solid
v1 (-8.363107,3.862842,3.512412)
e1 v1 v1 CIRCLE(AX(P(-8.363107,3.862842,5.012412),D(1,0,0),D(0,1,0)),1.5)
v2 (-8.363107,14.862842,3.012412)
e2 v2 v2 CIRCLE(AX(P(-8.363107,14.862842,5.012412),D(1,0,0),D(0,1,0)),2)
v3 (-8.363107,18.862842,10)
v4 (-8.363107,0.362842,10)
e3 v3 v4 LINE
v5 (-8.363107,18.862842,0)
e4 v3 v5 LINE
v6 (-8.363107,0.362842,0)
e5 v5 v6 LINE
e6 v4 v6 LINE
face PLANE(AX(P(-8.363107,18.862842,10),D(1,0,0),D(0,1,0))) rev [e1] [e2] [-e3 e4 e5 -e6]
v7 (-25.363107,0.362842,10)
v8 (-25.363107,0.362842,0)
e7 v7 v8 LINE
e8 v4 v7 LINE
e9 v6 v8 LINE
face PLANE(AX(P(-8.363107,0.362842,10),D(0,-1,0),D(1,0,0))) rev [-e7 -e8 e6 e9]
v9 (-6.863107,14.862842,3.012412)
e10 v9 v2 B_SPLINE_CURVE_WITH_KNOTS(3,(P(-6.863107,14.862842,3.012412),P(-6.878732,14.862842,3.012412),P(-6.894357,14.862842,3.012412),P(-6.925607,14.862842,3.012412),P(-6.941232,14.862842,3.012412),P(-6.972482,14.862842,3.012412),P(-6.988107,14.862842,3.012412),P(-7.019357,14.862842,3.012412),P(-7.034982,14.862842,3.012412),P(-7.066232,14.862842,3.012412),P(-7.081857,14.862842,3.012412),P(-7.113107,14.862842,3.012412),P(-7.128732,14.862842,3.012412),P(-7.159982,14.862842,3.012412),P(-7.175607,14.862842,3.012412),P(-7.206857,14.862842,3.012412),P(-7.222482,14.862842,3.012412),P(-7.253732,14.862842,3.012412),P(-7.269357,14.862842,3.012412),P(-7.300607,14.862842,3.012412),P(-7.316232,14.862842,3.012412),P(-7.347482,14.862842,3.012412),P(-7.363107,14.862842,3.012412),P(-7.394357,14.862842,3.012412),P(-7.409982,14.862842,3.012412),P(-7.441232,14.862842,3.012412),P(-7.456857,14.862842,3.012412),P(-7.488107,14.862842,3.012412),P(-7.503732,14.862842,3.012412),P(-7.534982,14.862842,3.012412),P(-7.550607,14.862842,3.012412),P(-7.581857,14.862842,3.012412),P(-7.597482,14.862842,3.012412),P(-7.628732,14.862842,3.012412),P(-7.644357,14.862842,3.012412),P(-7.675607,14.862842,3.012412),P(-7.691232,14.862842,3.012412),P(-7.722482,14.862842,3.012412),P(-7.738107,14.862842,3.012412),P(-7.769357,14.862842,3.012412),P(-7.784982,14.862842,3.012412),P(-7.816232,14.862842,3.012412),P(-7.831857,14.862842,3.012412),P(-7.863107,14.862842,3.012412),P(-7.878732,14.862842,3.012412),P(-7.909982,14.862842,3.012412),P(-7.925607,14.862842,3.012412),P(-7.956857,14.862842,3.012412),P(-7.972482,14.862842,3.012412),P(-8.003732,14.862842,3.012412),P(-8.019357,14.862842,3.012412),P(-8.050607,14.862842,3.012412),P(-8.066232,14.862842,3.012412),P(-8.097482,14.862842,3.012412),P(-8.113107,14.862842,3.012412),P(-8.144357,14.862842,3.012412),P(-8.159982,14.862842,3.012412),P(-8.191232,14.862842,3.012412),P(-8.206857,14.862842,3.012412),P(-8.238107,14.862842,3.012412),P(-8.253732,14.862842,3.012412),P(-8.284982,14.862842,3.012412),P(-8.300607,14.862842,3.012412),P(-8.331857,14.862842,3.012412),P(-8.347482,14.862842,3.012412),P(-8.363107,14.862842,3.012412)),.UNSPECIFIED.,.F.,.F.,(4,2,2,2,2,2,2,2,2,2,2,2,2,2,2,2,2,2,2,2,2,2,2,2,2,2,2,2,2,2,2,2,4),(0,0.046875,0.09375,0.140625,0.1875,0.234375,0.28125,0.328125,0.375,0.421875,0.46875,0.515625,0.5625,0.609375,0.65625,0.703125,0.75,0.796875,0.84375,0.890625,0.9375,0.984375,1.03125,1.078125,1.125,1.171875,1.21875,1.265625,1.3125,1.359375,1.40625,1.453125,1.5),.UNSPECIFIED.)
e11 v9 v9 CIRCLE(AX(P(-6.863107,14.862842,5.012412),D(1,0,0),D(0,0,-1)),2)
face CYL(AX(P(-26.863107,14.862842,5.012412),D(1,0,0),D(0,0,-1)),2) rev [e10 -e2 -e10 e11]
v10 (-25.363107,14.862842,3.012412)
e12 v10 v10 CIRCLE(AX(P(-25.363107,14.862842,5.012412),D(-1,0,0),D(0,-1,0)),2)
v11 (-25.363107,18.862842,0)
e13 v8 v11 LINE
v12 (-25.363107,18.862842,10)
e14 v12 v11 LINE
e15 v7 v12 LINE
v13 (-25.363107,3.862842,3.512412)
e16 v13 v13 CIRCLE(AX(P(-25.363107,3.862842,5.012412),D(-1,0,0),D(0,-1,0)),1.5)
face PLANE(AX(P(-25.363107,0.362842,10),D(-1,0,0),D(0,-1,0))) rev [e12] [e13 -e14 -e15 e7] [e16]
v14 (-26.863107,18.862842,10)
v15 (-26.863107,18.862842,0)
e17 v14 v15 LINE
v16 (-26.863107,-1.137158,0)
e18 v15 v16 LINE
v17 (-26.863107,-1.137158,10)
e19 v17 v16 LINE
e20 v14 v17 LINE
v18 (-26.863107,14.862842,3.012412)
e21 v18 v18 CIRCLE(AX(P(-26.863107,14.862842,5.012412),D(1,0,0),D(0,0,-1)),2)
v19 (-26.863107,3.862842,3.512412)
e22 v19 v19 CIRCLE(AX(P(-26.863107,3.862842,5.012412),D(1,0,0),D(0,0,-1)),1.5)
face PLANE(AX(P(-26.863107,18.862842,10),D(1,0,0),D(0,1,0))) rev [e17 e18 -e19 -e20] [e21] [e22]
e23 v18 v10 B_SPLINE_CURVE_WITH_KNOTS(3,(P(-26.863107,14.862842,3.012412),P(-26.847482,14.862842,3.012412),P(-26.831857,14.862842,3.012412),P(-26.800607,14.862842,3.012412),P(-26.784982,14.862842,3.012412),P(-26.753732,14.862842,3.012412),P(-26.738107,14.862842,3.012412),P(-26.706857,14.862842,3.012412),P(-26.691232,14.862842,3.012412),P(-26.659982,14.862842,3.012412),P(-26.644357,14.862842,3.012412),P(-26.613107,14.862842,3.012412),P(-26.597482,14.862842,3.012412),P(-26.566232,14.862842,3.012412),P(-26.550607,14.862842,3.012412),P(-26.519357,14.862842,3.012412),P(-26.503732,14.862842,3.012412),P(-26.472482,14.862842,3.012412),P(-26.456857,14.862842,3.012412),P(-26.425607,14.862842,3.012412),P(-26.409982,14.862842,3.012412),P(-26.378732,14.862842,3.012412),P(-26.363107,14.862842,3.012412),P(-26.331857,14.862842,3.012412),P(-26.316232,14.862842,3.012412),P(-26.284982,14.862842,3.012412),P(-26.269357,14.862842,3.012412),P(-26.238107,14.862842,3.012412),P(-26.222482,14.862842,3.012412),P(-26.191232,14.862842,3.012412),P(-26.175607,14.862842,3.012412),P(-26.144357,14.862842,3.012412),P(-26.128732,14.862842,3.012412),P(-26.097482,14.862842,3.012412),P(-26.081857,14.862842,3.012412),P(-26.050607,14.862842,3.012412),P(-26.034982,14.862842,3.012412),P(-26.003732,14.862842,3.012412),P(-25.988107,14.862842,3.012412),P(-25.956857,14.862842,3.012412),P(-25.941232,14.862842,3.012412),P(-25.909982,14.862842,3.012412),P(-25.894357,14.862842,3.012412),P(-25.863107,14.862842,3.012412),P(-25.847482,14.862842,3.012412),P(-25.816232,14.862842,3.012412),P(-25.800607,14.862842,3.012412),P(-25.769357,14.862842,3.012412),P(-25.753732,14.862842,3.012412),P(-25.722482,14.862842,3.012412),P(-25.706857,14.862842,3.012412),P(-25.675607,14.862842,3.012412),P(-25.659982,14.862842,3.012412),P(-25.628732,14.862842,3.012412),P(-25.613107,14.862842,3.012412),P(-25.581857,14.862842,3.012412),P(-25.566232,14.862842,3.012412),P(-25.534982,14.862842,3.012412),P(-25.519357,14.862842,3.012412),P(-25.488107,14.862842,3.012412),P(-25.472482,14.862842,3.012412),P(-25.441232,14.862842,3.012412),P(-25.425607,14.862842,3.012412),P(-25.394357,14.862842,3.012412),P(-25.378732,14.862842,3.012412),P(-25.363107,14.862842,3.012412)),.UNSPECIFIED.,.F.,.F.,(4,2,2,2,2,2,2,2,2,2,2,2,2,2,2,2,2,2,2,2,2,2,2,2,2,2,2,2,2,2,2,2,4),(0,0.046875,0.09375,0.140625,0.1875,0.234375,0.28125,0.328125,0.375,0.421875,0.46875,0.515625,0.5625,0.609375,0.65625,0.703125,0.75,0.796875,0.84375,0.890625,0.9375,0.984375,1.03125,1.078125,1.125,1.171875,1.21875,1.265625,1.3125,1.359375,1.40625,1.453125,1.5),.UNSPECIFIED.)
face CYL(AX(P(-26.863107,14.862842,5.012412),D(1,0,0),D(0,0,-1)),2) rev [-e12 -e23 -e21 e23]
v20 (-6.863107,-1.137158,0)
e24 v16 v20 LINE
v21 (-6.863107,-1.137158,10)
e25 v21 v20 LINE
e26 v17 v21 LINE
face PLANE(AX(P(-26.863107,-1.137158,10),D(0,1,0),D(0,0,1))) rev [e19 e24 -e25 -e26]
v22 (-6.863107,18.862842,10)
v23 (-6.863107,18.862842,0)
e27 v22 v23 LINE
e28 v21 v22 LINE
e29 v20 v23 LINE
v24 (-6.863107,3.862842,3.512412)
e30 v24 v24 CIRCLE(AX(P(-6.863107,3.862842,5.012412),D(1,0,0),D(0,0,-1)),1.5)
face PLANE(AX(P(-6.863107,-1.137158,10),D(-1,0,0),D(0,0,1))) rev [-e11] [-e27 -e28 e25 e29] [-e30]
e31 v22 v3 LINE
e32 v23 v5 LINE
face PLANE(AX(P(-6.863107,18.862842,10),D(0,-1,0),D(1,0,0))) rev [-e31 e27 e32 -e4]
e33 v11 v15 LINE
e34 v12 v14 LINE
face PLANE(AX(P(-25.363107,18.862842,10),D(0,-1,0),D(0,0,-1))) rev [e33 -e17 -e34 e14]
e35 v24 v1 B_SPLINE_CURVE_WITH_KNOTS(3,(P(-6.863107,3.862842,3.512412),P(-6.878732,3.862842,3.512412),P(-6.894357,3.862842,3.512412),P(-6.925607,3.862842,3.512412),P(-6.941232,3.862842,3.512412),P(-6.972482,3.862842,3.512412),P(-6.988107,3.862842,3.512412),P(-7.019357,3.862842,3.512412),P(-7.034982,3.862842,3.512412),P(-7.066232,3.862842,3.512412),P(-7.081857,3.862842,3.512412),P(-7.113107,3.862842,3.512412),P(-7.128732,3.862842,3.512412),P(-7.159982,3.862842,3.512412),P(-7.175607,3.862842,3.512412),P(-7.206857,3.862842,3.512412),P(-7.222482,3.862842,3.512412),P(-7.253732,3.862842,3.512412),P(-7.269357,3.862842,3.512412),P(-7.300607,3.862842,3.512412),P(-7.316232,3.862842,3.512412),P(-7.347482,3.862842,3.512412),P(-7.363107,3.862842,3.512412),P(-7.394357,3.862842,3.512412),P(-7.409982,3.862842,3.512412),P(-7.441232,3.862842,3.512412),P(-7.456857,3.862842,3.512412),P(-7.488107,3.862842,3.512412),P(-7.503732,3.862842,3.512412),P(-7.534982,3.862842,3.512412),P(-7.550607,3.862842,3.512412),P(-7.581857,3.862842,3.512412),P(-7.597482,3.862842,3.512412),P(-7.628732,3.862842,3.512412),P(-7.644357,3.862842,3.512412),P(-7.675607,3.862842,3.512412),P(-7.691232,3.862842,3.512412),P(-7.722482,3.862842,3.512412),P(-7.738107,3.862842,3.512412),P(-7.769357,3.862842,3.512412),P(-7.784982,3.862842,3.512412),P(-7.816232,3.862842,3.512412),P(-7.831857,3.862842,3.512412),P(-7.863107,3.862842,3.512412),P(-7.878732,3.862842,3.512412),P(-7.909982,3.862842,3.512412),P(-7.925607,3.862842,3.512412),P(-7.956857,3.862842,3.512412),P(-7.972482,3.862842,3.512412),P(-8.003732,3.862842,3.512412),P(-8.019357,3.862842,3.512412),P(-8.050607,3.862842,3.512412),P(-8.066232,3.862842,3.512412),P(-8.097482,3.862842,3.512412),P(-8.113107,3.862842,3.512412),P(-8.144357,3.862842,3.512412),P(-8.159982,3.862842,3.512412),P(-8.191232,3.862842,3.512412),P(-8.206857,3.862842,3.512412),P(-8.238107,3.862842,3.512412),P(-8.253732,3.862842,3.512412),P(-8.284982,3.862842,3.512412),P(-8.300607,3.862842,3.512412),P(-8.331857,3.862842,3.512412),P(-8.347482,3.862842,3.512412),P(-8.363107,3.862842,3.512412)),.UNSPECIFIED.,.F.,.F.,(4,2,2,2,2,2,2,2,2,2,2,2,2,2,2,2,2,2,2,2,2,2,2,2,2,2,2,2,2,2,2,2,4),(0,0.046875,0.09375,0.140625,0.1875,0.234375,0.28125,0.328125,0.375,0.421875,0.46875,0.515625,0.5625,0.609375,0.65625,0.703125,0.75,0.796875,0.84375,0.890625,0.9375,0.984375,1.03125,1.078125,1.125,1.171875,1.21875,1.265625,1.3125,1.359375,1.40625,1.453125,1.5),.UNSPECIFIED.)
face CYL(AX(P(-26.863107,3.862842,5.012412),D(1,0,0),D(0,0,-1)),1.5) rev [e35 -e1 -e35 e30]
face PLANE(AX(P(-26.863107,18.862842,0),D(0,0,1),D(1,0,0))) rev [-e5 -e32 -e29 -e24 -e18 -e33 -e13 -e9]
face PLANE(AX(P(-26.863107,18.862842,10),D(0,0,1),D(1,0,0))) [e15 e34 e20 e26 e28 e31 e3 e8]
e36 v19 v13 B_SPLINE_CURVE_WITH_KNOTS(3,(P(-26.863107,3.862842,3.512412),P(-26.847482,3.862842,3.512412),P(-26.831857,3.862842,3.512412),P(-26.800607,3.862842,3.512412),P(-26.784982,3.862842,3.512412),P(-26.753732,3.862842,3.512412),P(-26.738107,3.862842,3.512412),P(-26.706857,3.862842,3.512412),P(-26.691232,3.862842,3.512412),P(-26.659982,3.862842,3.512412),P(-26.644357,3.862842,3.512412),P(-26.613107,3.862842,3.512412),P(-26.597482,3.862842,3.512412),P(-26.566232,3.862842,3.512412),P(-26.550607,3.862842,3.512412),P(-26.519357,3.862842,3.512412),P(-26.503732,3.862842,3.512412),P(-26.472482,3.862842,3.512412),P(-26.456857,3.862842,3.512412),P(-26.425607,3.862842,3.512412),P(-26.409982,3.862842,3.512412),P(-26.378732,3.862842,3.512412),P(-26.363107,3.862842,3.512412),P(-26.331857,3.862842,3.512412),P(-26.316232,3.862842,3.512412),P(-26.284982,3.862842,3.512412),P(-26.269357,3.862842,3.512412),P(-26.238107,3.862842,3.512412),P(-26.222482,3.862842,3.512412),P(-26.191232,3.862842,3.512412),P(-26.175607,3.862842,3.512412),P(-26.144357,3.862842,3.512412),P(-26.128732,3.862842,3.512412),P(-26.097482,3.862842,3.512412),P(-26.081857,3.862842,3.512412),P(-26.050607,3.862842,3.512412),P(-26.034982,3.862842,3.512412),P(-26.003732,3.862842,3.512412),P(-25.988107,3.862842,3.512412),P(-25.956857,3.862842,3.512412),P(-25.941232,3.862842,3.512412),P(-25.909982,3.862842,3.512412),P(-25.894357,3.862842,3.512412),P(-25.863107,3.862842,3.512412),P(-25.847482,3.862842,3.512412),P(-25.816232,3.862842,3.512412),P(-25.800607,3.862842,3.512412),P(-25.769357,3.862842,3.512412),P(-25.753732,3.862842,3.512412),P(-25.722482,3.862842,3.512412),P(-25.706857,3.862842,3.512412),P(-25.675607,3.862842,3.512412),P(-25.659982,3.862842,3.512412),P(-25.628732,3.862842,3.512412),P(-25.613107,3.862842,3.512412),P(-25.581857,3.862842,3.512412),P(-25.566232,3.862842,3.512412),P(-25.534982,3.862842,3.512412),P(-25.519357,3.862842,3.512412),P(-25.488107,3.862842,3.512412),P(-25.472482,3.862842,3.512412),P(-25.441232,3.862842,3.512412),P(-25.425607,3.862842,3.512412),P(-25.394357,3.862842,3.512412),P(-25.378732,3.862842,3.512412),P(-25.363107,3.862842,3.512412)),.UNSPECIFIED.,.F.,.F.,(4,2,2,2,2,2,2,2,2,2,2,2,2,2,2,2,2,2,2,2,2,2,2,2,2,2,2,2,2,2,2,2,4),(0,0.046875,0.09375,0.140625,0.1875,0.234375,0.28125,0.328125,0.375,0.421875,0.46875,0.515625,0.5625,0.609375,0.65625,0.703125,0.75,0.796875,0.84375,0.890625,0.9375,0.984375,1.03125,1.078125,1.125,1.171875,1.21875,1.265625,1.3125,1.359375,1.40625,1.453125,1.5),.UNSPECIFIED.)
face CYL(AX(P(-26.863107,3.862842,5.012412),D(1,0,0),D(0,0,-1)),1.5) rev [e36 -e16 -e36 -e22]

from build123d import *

# Parameters (mm, degrees)
EXTRUSION1_DEPTH = 10
ESQUISSE2_R      = 2
ESQUISSE2_R_2    = 1.5
EXTRUSION2_DEPTH = 30.25417598


with BuildPart() as part:
    # Esquisse1 → Extrusion1 (new body)
    with BuildSketch(Plane.XY):
        Polygon((-26.863107432, 18.862842105), (-26.863107432, -1.137157895), (-6.863107432, -1.137157895), (-6.863107432, 18.862842105), (-8.363107432, 18.862842105), (-8.363107432, 0.362842105), (-25.363107432, 0.362842105), (-25.363107432, 18.862842105), align=None)
    extrude(amount=EXTRUSION1_DEPTH)

    # Esquisse2 → Extrusion2 (cut, through all)
    with BuildSketch(Plane(origin=(-6.863107432, 0, 0), x_dir=(0, 0, -1), z_dir=(1, 0, 0))):
        with Locations((-5.012411511, 14.862842105)):
            Circle(ESQUISSE2_R)
        with Locations((-5.012411511, 3.862842105)):
            Circle(ESQUISSE2_R_2)
    extrude(amount=-EXTRUSION2_DEPTH, mode=Mode.SUBTRACT)


solid = part.part
